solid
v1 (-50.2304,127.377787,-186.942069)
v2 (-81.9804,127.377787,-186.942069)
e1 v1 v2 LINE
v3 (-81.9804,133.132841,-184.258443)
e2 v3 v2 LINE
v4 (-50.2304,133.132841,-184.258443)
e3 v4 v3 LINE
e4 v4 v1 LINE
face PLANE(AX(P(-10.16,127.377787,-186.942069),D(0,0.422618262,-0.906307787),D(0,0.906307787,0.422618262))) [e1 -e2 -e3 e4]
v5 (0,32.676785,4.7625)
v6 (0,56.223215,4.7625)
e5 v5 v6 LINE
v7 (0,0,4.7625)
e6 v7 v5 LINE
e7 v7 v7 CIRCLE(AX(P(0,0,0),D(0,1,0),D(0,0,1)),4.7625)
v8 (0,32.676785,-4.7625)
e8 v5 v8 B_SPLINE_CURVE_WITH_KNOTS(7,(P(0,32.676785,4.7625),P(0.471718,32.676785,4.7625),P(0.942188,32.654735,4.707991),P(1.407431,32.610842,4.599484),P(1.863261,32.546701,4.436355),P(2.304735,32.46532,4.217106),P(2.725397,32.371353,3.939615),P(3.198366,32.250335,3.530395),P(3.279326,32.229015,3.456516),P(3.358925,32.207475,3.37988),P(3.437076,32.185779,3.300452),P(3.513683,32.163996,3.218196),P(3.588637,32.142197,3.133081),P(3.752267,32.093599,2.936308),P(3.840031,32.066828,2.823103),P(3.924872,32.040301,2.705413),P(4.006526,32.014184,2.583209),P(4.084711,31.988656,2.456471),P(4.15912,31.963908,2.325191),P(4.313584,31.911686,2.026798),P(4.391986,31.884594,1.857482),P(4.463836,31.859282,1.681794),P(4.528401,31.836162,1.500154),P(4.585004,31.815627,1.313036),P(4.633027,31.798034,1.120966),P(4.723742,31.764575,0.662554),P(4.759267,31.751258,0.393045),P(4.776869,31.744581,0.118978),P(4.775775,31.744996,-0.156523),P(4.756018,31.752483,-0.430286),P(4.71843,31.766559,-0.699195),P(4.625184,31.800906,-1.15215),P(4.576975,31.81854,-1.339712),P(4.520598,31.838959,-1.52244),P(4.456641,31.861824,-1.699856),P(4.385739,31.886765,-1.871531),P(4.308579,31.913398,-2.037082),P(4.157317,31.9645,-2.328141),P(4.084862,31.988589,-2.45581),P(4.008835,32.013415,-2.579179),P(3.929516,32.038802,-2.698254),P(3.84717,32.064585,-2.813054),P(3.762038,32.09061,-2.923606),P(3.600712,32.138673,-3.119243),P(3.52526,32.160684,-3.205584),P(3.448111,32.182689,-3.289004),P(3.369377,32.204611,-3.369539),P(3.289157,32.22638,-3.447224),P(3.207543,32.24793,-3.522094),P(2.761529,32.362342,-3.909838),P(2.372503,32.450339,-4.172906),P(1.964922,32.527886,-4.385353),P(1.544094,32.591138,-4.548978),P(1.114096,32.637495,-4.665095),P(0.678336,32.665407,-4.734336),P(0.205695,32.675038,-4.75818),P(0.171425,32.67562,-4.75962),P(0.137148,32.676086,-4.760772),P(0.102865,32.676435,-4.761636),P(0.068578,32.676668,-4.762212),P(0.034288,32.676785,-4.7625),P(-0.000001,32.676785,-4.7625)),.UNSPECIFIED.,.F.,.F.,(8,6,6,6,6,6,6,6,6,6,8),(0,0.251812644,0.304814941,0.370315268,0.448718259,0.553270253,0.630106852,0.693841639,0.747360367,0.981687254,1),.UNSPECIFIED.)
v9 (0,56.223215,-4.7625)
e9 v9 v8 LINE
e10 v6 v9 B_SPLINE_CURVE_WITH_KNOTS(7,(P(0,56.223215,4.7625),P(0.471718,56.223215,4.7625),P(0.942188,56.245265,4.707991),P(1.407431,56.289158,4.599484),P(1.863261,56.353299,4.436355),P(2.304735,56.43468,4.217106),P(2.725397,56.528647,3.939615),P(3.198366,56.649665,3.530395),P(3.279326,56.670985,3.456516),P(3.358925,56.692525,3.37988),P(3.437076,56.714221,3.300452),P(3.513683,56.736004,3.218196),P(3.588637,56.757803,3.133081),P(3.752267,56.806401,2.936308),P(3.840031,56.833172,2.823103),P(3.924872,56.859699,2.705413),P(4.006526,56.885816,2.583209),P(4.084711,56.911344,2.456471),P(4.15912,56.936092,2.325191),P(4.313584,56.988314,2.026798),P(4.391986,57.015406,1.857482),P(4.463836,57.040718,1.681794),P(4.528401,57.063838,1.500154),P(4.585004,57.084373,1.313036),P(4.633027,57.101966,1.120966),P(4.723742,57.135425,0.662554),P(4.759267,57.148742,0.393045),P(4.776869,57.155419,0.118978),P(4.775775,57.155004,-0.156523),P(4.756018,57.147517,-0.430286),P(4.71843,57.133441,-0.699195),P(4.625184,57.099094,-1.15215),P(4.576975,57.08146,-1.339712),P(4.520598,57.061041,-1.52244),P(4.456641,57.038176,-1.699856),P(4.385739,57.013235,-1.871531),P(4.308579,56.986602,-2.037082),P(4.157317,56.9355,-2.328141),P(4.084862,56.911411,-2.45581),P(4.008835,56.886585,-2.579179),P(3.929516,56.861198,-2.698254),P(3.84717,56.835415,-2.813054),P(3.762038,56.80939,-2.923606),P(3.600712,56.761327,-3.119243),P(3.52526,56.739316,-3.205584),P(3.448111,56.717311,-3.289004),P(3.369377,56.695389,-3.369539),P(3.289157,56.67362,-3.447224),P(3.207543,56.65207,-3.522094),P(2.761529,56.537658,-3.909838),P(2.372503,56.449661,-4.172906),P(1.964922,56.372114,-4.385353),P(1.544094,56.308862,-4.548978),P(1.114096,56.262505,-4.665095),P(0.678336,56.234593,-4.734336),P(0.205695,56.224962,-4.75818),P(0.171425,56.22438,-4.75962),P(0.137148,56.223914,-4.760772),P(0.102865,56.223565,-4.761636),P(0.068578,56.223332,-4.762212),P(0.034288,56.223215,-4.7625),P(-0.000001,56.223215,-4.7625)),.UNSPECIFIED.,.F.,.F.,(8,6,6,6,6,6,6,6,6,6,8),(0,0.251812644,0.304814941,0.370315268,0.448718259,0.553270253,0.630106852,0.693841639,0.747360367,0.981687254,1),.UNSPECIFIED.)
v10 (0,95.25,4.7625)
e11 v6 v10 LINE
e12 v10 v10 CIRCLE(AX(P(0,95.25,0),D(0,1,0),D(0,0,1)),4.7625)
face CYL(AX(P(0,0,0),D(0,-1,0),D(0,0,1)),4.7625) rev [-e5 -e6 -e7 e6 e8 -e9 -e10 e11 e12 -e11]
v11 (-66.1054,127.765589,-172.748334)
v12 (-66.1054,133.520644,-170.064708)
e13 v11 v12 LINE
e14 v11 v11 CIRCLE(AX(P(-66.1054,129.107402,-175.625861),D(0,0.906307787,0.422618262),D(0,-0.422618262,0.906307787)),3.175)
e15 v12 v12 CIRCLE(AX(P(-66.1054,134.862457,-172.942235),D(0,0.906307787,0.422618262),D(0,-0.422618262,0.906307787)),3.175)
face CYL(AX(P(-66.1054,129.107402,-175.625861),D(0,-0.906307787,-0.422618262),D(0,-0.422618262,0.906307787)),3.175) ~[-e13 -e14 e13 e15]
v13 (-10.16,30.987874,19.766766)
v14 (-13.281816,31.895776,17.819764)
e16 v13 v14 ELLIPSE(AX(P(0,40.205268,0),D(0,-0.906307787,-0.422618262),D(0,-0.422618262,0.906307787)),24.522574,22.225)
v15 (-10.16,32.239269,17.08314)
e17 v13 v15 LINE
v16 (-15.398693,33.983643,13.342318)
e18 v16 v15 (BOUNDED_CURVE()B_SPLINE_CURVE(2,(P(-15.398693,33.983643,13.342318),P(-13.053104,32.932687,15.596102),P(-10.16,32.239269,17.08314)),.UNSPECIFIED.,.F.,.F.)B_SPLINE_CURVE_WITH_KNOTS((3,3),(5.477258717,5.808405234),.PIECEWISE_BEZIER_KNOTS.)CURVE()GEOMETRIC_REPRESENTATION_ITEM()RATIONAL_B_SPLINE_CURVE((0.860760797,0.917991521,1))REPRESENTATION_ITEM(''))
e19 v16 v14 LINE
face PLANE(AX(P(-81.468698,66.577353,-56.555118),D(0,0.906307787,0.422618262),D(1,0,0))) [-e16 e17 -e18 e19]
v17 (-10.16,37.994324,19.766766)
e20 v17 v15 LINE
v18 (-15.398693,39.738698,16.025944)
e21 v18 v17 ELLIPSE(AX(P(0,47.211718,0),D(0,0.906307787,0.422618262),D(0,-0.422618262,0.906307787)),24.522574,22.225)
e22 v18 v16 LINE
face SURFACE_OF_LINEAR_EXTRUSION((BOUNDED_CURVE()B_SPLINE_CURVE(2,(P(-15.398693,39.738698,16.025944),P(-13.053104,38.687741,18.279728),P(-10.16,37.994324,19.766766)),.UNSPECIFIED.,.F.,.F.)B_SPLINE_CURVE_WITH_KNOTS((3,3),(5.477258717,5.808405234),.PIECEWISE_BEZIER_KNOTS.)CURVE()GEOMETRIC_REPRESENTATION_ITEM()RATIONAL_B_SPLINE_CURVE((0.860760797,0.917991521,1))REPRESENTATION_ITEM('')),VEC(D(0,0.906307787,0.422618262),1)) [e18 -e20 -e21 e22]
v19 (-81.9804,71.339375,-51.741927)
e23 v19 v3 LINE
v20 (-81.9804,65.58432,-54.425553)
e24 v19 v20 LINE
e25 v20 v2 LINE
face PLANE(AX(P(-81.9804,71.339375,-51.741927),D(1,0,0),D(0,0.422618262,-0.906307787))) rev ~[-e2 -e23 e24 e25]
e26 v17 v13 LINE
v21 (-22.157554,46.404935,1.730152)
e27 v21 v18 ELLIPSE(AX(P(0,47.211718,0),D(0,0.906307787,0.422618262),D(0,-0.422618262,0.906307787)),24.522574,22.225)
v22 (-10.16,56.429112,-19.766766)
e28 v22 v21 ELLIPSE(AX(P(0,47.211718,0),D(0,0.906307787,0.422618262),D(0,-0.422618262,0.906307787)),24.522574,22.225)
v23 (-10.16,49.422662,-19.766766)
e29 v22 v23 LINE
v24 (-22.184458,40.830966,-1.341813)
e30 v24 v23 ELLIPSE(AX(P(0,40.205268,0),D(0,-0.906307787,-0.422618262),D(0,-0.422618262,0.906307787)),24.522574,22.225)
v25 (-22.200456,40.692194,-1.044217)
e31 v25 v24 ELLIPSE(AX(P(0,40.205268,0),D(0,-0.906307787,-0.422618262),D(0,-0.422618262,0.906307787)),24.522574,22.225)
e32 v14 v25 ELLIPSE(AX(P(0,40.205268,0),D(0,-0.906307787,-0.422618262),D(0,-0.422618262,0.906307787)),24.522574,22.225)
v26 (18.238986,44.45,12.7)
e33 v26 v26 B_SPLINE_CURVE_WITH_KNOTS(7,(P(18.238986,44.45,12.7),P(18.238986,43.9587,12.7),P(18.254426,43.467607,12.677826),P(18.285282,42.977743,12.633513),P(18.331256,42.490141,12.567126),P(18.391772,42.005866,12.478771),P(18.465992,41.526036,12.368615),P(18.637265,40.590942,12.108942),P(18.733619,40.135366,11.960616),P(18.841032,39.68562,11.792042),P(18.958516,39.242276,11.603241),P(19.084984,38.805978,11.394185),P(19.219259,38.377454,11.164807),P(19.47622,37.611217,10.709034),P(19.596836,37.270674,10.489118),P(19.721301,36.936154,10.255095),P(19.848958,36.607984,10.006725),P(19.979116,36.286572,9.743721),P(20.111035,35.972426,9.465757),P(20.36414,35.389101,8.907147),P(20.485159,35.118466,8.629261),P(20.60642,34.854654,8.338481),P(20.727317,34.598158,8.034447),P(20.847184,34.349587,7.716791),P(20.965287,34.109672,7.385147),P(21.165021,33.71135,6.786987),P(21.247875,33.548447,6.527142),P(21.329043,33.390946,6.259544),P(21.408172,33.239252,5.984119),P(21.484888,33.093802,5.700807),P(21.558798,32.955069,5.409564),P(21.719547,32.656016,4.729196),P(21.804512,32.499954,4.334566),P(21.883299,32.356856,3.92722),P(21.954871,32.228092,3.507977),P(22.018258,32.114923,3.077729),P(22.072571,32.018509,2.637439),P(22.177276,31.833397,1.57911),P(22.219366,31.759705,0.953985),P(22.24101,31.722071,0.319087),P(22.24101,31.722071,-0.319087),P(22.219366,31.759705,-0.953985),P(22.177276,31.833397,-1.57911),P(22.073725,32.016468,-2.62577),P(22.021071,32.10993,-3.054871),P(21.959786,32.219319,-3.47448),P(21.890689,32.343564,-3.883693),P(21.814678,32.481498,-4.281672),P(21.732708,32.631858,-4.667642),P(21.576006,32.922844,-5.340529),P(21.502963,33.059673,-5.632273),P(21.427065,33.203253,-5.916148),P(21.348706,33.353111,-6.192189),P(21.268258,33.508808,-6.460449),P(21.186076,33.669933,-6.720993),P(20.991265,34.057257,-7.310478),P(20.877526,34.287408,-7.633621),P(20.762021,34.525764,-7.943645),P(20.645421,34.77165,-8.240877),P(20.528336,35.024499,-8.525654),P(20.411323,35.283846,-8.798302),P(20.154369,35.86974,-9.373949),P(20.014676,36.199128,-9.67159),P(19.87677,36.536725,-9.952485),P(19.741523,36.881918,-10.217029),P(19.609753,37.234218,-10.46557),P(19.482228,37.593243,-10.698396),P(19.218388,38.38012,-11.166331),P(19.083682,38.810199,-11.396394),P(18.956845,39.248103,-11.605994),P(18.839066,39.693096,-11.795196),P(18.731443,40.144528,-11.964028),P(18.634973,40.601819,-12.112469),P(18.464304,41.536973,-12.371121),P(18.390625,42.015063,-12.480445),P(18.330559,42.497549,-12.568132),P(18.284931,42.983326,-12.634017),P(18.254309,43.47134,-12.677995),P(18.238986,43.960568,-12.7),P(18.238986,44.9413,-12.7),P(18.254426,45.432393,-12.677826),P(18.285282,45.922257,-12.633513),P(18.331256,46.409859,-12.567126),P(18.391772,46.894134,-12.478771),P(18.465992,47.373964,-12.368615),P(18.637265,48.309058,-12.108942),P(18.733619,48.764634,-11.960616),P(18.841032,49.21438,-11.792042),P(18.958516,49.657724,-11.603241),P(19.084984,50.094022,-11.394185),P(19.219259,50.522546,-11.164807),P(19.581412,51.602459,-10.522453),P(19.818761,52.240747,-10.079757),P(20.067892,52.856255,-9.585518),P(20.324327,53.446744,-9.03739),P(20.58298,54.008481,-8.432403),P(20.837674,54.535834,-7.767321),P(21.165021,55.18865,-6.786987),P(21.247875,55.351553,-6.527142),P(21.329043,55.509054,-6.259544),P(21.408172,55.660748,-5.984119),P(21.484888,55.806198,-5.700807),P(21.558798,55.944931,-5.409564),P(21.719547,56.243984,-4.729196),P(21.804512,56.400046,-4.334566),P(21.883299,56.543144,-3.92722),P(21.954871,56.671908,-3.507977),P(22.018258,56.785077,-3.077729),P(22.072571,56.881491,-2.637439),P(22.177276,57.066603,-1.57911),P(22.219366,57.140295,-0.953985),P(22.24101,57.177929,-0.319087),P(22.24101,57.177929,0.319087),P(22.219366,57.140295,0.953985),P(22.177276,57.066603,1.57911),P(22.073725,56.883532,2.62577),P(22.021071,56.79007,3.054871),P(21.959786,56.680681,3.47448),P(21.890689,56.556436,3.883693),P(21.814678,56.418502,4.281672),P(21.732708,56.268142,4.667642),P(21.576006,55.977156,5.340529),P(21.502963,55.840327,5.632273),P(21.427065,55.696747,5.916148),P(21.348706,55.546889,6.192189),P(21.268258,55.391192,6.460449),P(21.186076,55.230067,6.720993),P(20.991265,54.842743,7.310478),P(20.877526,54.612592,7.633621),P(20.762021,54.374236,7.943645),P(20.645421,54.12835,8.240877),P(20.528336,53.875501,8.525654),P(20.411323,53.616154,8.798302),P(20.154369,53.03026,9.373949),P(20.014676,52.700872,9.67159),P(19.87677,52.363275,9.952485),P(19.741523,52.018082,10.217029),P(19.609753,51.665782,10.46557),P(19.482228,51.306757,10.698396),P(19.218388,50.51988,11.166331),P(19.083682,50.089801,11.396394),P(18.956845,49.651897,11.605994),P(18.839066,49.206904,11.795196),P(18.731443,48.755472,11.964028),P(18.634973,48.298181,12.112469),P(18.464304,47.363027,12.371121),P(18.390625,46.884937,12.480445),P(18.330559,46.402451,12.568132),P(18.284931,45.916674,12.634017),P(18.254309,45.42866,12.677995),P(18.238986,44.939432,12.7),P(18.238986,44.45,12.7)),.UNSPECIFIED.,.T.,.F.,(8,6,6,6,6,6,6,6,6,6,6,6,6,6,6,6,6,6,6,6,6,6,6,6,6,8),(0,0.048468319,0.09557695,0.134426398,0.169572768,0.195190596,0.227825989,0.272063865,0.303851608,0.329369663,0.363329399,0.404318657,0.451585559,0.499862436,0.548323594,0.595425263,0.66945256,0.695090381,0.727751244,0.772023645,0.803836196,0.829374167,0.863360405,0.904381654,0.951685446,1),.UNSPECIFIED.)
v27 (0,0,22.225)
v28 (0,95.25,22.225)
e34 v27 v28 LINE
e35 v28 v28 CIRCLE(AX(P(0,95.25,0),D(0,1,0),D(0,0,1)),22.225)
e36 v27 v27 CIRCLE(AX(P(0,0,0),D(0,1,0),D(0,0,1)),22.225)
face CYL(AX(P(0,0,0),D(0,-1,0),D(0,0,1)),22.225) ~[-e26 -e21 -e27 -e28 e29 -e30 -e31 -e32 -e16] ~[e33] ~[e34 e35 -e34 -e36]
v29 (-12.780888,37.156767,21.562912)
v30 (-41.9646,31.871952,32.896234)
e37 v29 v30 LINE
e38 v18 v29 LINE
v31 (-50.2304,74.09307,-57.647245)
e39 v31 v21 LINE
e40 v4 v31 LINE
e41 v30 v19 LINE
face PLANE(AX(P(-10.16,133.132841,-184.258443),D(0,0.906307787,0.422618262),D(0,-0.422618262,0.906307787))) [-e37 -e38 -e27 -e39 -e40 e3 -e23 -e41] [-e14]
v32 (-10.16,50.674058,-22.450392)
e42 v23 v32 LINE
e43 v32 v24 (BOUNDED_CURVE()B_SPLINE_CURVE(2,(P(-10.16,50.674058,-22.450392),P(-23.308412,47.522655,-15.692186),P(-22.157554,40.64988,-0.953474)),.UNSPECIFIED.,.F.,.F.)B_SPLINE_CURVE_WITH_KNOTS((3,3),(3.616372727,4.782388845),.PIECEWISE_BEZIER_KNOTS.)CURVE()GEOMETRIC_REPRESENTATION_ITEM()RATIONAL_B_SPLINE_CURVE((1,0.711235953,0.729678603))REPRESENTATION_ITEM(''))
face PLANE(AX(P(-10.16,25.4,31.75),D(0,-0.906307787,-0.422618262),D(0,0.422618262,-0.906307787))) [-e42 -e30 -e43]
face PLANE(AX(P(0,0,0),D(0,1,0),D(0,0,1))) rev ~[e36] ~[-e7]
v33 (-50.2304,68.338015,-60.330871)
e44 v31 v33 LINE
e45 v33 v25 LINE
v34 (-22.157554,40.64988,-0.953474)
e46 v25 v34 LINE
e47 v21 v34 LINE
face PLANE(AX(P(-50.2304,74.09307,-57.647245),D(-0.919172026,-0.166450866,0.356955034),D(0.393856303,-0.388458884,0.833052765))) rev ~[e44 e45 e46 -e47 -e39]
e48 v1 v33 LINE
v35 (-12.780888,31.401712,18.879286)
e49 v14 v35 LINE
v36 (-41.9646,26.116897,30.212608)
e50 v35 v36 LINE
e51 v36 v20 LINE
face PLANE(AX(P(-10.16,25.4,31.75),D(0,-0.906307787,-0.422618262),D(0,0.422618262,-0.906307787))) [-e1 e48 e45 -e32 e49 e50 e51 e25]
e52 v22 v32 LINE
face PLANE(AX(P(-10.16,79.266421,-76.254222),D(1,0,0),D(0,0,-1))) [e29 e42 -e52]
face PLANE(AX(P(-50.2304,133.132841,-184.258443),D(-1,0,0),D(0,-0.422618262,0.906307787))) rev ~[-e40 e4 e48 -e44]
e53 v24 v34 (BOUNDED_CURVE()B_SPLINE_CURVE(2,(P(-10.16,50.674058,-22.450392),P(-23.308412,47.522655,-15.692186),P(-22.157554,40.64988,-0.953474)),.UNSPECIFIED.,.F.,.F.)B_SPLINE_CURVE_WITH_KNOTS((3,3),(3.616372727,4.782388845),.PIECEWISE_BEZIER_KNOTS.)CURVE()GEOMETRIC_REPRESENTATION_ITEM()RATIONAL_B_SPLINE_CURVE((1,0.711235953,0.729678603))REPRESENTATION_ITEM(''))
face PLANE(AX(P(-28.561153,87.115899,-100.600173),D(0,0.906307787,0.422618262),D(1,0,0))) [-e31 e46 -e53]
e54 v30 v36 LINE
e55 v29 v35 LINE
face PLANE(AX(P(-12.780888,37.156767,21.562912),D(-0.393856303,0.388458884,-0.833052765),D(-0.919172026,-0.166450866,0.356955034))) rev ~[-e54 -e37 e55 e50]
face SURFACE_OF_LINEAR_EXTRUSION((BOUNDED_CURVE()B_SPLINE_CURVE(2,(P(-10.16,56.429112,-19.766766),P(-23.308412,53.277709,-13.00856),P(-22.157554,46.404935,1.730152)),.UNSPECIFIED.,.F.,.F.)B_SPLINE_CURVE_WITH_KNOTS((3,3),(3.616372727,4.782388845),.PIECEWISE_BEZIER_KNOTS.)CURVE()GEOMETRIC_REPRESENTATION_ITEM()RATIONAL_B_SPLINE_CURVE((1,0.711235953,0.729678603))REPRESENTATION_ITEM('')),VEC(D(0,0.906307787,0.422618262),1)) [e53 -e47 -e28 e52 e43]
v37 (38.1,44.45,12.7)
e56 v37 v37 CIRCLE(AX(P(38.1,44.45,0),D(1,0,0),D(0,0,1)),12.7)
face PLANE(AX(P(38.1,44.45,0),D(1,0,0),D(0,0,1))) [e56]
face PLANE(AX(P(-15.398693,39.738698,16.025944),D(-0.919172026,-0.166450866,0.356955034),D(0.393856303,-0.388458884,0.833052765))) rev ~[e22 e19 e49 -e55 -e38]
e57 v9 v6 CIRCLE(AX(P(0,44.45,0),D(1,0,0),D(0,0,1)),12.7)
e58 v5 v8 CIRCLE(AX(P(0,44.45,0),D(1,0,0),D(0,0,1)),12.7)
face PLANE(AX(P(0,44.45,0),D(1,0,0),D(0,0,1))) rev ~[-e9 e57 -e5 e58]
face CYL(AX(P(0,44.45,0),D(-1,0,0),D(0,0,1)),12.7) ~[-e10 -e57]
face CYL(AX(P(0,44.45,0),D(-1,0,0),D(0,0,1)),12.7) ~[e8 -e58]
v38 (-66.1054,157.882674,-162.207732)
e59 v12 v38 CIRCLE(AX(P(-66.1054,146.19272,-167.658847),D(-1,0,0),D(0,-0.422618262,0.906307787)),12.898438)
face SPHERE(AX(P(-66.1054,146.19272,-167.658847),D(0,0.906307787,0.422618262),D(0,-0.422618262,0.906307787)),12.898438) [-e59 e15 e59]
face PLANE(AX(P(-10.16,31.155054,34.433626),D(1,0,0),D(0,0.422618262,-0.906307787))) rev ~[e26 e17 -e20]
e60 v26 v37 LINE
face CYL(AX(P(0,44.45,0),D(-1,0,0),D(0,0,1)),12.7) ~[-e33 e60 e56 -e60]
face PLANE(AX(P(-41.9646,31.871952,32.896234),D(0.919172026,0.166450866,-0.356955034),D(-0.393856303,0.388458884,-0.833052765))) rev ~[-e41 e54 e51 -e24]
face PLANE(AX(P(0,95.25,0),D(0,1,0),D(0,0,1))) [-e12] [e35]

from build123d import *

# Parameters (mm, degrees)
SKETCH1_R           = 22.225
SKETCH1_R_2         = 4.7625
BOSS_EXTRUDE1_DEPTH = 95.25
SKETCH2_R           = 12.7
BOSS_EXTRUDE2_DEPTH = 38.1
BOSS_EXTRUDE3_START = -10.16
BOSS_EXTRUDE3_DEPTH = 101.6
CUT_EXTRUDE1_DEPTH  = 6.35
SKETCH5_R           = 3.175
BOSS_EXTRUDE4_DEPTH = 6.35
DOME1_FACE_RADIUS   = 3.175
DOME1_HEIGHT        = 25.4


with BuildPart() as part:
    # Sketch1 → Boss-Extrude1 (new body)
    with BuildSketch(Plane(origin=(0, 0, 0), x_dir=(1, 0, 0), z_dir=(0, 1, 0))):
        with Locations(Location((0, 0, 0), (0, 0, 270))):
            Circle(SKETCH1_R)
        with Locations(Location((0, 0, 0), (0, 0, 270))):
            Circle(SKETCH1_R_2, mode=Mode.SUBTRACT)
    extrude(amount=BOSS_EXTRUDE1_DEPTH)

    # Sketch2 → Boss-Extrude2 (add)
    with BuildSketch(Plane(origin=(0, 0, 0), x_dir=(0, 0, -1), z_dir=(1, 0, 0))):
        with Locations(Location((0, 44.45, 0), (0, 0, 180))):
            Circle(SKETCH2_R)
    extrude(amount=BOSS_EXTRUDE2_DEPTH)

    # Sketch3 → Boss-Extrude3 (add)
    with BuildSketch(Plane(origin=(0, 0, 0), x_dir=(0, 0, -1), z_dir=(1, 0, 0)).offset(BOSS_EXTRUDE3_START)):
        Polygon((-34.433625962, 31.155054448), (-31.75, 25.4), (186.942069012, 127.377786558), (184.25844305, 133.132841006), align=None)
    extrude(amount=-BOSS_EXTRUDE3_DEPTH)

    # Sketch4 → Cut-Extrude1 (cut)
    with BuildSketch(Plane(origin=(0, 38.779412625, 18.083137086), x_dir=(1, 0, 0), z_dir=(0, 0.9063077870366493, 0.42261826174070105))):
        with BuildLine():
            Line((-41.964599748, -16.344444393), (-81.980400092, 77.043433422))
            Line((-81.980400092, 77.043433422), (-81.980400092, 223.25923161))
            Line((-81.980400092, 223.25923161), (-111.76, 223.25923161))
            Line((-111.76, 223.25923161), (-111.76, -18.04076839))
            Line((-111.76, -18.04076839), (-10.16, -18.04076839))
            Line((-10.16, -18.04076839), (-10.16, -1.857678602))
            add(Edge.make_bspline(
                [(-15.398693032, 2.269861536), (-13.053103619, -0.216913648), (-10.16, -1.857678602)],
                knots=[5.477258717, 5.477258717, 5.477258717, 5.808405234, 5.808405234, 5.808405234], degree=2, weights=[0.860760797, 0.917991521, 1]))
            Line((-15.398693032, 2.269861536), (-12.78088793, -3.839506786))
            Line((-12.78088793, -3.839506786), (-41.964599748, -16.344444393))
        make_face()
        with BuildLine():
            Line((-10.16, 223.25923161), (-50.230400092, 223.25923161))
            Line((-50.230400092, 223.25923161), (-50.230400092, 83.55923161))
            Line((-50.230400092, 83.55923161), (-22.157554012, 18.043522888))
            add(Edge.make_bspline(
                [(-10.16, 41.762746934), (-23.308412463, 34.30589187), (-22.157554012, 18.043522888)],
                knots=[3.616372727, 3.616372727, 3.616372727, 4.782388845, 4.782388845, 4.782388845], degree=2, weights=[1, 0.711235953, 0.729678603]))
            Line((-10.16, 41.762746934), (-10.16, 223.25923161))
        make_face()
    extrude(amount=-CUT_EXTRUDE1_DEPTH, mode=Mode.SUBTRACT)

    # Sketch5 → Boss-Extrude4 (add)
    with BuildSketch(Plane(origin=(0, 38.779412625, 18.083137086), x_dir=(1, 0, 0), z_dir=(0, 0.906307787036649, 0.4226182617407014))):
        with Locations(Location((-66.105400092, 213.73423161, 0), (0, 0, 270))):
            Circle(SKETCH5_R)
    extrude(amount=BOSS_EXTRUDE4_DEPTH)

    # Dome1: a dome of height H over a round flat face of radius A is a cap of a sphere of radius (A * A + H * H) / (2 * H)
    dome1_r = (DOME1_FACE_RADIUS * DOME1_FACE_RADIUS + DOME1_HEIGHT * DOME1_HEIGHT) / (2 * DOME1_HEIGHT)
    dome1_base = Plane((-66.105400092, 134.86245651, -172.942235416), z_dir=(0, 0.906307787037, 0.422618261741))
    with Locations(dome1_base.offset(DOME1_HEIGHT - dome1_r)):
        dome1_ball = Sphere(dome1_r, mode=Mode.PRIVATE)
    add(split(dome1_ball, bisect_by=dome1_base, keep=Keep.TOP, mode=Mode.PRIVATE))


solid = part.part
